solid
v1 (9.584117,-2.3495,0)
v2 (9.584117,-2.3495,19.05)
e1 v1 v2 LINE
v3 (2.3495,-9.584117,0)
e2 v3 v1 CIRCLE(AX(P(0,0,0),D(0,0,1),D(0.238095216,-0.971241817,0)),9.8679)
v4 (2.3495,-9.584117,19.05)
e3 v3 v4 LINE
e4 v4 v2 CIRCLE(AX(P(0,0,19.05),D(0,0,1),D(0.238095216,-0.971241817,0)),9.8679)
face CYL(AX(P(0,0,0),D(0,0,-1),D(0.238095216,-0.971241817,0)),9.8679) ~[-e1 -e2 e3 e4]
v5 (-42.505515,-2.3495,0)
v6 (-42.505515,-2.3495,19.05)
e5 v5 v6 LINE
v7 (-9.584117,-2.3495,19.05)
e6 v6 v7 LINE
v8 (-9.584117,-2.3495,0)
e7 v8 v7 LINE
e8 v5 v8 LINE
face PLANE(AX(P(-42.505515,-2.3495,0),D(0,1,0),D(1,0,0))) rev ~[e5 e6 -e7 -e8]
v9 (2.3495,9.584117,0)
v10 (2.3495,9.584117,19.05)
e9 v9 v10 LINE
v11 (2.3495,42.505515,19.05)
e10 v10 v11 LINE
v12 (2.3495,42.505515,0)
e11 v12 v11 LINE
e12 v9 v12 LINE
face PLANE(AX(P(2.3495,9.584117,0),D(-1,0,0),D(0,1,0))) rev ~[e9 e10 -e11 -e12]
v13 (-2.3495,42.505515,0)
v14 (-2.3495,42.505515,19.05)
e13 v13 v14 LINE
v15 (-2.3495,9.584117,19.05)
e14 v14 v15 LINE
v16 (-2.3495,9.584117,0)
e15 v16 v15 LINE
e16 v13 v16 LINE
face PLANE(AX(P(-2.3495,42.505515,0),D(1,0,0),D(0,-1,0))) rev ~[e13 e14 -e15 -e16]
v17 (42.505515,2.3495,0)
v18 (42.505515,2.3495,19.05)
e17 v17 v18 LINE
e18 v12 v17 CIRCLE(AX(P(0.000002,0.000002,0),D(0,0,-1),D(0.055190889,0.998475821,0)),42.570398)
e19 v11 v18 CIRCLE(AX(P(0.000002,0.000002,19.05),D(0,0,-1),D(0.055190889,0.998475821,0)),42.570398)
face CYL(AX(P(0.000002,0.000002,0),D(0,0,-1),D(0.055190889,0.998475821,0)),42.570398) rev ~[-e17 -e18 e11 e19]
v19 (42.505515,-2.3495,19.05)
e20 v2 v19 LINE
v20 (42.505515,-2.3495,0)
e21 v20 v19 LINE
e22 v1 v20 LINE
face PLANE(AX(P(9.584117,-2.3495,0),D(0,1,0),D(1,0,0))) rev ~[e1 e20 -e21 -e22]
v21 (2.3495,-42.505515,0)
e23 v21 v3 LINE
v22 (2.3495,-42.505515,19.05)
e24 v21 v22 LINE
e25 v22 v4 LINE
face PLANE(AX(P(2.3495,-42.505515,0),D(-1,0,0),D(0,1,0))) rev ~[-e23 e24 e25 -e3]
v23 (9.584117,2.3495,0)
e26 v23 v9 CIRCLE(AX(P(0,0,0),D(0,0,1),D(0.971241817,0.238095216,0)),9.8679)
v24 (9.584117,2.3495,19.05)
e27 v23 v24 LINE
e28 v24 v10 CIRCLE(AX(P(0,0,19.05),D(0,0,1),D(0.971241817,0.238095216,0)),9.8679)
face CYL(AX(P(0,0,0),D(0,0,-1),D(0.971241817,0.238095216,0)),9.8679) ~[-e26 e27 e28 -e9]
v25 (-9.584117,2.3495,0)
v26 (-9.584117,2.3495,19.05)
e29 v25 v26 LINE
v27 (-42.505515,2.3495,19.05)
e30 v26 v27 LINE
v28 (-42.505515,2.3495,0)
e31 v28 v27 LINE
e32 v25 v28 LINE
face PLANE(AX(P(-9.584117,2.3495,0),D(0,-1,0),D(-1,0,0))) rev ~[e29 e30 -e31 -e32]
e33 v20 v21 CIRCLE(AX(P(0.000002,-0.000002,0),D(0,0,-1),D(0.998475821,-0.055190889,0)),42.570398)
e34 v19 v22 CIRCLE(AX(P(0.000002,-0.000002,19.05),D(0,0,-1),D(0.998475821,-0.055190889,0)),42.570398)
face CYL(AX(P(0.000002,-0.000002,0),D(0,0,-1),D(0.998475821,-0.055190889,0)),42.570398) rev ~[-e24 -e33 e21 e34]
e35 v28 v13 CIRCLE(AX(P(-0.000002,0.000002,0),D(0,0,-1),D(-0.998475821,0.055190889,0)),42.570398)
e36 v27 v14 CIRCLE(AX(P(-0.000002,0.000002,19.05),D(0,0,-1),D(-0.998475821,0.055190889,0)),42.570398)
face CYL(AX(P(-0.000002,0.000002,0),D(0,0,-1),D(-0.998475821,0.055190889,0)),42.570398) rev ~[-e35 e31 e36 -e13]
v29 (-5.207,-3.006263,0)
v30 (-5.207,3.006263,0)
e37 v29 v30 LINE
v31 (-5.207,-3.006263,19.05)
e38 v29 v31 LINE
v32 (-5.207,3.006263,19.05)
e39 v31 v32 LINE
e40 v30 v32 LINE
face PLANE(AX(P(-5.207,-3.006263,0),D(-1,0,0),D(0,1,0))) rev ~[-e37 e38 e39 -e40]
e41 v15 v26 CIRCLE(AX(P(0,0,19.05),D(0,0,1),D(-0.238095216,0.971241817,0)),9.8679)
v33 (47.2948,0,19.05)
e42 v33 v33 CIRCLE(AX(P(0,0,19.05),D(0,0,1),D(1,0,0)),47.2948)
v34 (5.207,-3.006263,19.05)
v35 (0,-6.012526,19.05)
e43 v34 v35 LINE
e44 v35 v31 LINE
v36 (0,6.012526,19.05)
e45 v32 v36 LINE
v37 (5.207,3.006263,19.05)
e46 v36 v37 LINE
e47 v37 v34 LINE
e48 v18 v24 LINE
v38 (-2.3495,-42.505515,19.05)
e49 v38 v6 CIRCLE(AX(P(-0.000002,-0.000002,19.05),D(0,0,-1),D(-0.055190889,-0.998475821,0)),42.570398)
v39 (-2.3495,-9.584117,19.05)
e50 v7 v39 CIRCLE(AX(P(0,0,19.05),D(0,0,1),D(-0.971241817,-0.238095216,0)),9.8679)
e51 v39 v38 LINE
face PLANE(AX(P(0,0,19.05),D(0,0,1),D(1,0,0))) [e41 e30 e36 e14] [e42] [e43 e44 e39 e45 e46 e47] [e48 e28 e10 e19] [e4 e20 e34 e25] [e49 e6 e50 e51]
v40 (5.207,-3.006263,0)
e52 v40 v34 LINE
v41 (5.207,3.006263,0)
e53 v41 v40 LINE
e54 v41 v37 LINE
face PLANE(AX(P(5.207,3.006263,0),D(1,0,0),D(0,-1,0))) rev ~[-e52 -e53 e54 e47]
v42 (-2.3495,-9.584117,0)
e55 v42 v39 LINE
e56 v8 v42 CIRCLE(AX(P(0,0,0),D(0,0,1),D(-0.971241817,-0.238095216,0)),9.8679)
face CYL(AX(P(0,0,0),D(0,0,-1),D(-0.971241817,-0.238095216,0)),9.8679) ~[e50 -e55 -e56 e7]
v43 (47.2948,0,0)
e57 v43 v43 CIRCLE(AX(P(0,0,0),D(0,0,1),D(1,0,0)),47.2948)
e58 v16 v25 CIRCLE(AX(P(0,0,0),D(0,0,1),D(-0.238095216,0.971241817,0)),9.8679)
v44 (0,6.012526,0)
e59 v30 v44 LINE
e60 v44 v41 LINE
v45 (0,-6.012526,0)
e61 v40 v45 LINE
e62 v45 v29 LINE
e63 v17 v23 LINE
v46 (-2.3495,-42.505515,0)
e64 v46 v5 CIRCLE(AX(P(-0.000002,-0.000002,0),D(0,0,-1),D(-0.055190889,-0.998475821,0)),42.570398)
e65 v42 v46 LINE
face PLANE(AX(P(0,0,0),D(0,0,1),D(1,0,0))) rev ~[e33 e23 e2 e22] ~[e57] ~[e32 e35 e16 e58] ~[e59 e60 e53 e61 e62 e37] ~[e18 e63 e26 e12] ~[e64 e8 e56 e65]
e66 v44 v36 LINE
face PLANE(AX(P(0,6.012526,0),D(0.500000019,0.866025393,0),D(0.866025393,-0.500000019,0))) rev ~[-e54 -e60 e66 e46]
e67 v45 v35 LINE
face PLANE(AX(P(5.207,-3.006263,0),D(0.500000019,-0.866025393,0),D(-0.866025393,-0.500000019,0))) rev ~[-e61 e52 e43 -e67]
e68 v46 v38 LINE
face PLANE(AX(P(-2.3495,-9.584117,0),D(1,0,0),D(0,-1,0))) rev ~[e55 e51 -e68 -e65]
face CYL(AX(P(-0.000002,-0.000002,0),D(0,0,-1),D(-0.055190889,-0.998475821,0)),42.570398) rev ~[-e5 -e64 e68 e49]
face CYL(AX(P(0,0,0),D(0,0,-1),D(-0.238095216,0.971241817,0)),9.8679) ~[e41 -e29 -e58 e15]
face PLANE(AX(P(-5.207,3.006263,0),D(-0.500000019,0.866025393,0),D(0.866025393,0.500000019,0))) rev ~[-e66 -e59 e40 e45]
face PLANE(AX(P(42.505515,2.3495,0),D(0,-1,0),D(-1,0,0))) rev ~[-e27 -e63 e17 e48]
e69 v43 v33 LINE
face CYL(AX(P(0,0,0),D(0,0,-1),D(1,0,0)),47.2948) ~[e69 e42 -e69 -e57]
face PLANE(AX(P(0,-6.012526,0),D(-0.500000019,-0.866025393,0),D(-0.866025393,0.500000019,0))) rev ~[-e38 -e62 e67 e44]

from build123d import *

# Parameters (mm, degrees)
F0_R     = 47.2948
F1_DEPTH = 19.05


with BuildPart() as f1:
    # F0 (on Top) → F1 (new body)
    with BuildSketch(Plane.XY):
        Circle(F0_R)
        with BuildLine():
            ThreePointArc((42.505515, 2.3495), (42.554176, 1.175198), (42.5704, 0))
            ThreePointArc((42.5704, 0), (42.554176, -1.175198), (42.505515, -2.3495))
            ThreePointArc((42.505515, -2.3495), (30.101819, -30.101819), (2.3495, -42.505515))
            ThreePointArc((2.3495, -42.505515), (0, -42.5704), (-2.3495, -42.505515))
            ThreePointArc((-2.3495, -42.505515), (-30.101819, -30.101819), (-42.505515, -2.3495))
            ThreePointArc((-42.505515, -2.3495), (-42.5704, 0), (-42.505515, 2.3495))
            ThreePointArc((-42.505515, 2.3495), (-30.101819, 30.101819), (-2.3495, 42.505515))
            ThreePointArc((-2.3495, 42.505515), (0, 42.5704), (2.3495, 42.505515))
            ThreePointArc((2.3495, 42.505515), (30.101819, 30.101819), (42.505515, 2.3495))
        make_face(mode=Mode.SUBTRACT)
        with BuildLine():
            Line((2.3495, 9.584117), (2.3495, 42.505515))
            ThreePointArc((2.3495, 42.505515), (0, 42.5704), (-2.3495, 42.505515))
            Line((-2.3495, 42.505515), (-2.3495, 9.584117))
            ThreePointArc((-2.3495, 9.584117), (0, 9.8679), (2.3495, 9.584117))
        make_face()
        with BuildLine():
            ThreePointArc((9.8679, 0), (9.796697, 1.183288), (9.584117, 2.3495))
            ThreePointArc((9.584117, 2.3495), (6.977659, 6.977659), (2.3495, 9.584117))
            ThreePointArc((2.3495, 9.584117), (0, 9.8679), (-2.3495, 9.584117))
            ThreePointArc((-2.3495, 9.584117), (-6.977659, 6.977659), (-9.584117, 2.3495))
            ThreePointArc((-9.584117, 2.3495), (-9.8679, 0), (-9.584117, -2.3495))
            ThreePointArc((-9.584117, -2.3495), (-6.977659, -6.977659), (-2.3495, -9.584117))
            ThreePointArc((-2.3495, -9.584117), (0, -9.8679), (2.3495, -9.584117))
            ThreePointArc((2.3495, -9.584117), (6.977659, -6.977659), (9.584117, -2.3495))
            ThreePointArc((9.584117, -2.3495), (9.796697, -1.183288), (9.8679, 0))
        make_face()
        Polygon((-5.207, 3.006263), (0, 6.012526), (5.207, 3.006263), (5.207, -3.006263), (0, -6.012526), (-5.207, -3.006263), align=None, mode=Mode.SUBTRACT)
        with BuildLine():
            Line((-9.584117, 2.3495), (-42.505515, 2.3495))
            ThreePointArc((-42.505515, 2.3495), (-42.5704, 0), (-42.505515, -2.3495))
            Line((-42.505515, -2.3495), (-9.584117, -2.3495))
            ThreePointArc((-9.584117, -2.3495), (-9.8679, 0), (-9.584117, 2.3495))
        make_face()
        with BuildLine():
            ThreePointArc((-2.3495, -42.505515), (0, -42.5704), (2.3495, -42.505515))
            Line((2.3495, -42.505515), (2.3495, -9.584117))
            ThreePointArc((2.3495, -9.584117), (0, -9.8679), (-2.3495, -9.584117))
            Line((-2.3495, -9.584117), (-2.3495, -42.505515))
        make_face()
        with BuildLine():
            ThreePointArc((42.505515, -2.3495), (42.554176, -1.175198), (42.5704, 0))
            ThreePointArc((42.5704, 0), (42.554176, 1.175198), (42.505515, 2.3495))
            Line((42.505515, 2.3495), (9.584117, 2.3495))
            ThreePointArc((9.584117, 2.3495), (9.796697, 1.183288), (9.8679, 0))
            ThreePointArc((9.8679, 0), (9.796697, -1.183288), (9.584117, -2.3495))
            Line((9.584117, -2.3495), (42.505515, -2.3495))
        make_face()
    extrude(amount=F1_DEPTH)


solid = f1.part
